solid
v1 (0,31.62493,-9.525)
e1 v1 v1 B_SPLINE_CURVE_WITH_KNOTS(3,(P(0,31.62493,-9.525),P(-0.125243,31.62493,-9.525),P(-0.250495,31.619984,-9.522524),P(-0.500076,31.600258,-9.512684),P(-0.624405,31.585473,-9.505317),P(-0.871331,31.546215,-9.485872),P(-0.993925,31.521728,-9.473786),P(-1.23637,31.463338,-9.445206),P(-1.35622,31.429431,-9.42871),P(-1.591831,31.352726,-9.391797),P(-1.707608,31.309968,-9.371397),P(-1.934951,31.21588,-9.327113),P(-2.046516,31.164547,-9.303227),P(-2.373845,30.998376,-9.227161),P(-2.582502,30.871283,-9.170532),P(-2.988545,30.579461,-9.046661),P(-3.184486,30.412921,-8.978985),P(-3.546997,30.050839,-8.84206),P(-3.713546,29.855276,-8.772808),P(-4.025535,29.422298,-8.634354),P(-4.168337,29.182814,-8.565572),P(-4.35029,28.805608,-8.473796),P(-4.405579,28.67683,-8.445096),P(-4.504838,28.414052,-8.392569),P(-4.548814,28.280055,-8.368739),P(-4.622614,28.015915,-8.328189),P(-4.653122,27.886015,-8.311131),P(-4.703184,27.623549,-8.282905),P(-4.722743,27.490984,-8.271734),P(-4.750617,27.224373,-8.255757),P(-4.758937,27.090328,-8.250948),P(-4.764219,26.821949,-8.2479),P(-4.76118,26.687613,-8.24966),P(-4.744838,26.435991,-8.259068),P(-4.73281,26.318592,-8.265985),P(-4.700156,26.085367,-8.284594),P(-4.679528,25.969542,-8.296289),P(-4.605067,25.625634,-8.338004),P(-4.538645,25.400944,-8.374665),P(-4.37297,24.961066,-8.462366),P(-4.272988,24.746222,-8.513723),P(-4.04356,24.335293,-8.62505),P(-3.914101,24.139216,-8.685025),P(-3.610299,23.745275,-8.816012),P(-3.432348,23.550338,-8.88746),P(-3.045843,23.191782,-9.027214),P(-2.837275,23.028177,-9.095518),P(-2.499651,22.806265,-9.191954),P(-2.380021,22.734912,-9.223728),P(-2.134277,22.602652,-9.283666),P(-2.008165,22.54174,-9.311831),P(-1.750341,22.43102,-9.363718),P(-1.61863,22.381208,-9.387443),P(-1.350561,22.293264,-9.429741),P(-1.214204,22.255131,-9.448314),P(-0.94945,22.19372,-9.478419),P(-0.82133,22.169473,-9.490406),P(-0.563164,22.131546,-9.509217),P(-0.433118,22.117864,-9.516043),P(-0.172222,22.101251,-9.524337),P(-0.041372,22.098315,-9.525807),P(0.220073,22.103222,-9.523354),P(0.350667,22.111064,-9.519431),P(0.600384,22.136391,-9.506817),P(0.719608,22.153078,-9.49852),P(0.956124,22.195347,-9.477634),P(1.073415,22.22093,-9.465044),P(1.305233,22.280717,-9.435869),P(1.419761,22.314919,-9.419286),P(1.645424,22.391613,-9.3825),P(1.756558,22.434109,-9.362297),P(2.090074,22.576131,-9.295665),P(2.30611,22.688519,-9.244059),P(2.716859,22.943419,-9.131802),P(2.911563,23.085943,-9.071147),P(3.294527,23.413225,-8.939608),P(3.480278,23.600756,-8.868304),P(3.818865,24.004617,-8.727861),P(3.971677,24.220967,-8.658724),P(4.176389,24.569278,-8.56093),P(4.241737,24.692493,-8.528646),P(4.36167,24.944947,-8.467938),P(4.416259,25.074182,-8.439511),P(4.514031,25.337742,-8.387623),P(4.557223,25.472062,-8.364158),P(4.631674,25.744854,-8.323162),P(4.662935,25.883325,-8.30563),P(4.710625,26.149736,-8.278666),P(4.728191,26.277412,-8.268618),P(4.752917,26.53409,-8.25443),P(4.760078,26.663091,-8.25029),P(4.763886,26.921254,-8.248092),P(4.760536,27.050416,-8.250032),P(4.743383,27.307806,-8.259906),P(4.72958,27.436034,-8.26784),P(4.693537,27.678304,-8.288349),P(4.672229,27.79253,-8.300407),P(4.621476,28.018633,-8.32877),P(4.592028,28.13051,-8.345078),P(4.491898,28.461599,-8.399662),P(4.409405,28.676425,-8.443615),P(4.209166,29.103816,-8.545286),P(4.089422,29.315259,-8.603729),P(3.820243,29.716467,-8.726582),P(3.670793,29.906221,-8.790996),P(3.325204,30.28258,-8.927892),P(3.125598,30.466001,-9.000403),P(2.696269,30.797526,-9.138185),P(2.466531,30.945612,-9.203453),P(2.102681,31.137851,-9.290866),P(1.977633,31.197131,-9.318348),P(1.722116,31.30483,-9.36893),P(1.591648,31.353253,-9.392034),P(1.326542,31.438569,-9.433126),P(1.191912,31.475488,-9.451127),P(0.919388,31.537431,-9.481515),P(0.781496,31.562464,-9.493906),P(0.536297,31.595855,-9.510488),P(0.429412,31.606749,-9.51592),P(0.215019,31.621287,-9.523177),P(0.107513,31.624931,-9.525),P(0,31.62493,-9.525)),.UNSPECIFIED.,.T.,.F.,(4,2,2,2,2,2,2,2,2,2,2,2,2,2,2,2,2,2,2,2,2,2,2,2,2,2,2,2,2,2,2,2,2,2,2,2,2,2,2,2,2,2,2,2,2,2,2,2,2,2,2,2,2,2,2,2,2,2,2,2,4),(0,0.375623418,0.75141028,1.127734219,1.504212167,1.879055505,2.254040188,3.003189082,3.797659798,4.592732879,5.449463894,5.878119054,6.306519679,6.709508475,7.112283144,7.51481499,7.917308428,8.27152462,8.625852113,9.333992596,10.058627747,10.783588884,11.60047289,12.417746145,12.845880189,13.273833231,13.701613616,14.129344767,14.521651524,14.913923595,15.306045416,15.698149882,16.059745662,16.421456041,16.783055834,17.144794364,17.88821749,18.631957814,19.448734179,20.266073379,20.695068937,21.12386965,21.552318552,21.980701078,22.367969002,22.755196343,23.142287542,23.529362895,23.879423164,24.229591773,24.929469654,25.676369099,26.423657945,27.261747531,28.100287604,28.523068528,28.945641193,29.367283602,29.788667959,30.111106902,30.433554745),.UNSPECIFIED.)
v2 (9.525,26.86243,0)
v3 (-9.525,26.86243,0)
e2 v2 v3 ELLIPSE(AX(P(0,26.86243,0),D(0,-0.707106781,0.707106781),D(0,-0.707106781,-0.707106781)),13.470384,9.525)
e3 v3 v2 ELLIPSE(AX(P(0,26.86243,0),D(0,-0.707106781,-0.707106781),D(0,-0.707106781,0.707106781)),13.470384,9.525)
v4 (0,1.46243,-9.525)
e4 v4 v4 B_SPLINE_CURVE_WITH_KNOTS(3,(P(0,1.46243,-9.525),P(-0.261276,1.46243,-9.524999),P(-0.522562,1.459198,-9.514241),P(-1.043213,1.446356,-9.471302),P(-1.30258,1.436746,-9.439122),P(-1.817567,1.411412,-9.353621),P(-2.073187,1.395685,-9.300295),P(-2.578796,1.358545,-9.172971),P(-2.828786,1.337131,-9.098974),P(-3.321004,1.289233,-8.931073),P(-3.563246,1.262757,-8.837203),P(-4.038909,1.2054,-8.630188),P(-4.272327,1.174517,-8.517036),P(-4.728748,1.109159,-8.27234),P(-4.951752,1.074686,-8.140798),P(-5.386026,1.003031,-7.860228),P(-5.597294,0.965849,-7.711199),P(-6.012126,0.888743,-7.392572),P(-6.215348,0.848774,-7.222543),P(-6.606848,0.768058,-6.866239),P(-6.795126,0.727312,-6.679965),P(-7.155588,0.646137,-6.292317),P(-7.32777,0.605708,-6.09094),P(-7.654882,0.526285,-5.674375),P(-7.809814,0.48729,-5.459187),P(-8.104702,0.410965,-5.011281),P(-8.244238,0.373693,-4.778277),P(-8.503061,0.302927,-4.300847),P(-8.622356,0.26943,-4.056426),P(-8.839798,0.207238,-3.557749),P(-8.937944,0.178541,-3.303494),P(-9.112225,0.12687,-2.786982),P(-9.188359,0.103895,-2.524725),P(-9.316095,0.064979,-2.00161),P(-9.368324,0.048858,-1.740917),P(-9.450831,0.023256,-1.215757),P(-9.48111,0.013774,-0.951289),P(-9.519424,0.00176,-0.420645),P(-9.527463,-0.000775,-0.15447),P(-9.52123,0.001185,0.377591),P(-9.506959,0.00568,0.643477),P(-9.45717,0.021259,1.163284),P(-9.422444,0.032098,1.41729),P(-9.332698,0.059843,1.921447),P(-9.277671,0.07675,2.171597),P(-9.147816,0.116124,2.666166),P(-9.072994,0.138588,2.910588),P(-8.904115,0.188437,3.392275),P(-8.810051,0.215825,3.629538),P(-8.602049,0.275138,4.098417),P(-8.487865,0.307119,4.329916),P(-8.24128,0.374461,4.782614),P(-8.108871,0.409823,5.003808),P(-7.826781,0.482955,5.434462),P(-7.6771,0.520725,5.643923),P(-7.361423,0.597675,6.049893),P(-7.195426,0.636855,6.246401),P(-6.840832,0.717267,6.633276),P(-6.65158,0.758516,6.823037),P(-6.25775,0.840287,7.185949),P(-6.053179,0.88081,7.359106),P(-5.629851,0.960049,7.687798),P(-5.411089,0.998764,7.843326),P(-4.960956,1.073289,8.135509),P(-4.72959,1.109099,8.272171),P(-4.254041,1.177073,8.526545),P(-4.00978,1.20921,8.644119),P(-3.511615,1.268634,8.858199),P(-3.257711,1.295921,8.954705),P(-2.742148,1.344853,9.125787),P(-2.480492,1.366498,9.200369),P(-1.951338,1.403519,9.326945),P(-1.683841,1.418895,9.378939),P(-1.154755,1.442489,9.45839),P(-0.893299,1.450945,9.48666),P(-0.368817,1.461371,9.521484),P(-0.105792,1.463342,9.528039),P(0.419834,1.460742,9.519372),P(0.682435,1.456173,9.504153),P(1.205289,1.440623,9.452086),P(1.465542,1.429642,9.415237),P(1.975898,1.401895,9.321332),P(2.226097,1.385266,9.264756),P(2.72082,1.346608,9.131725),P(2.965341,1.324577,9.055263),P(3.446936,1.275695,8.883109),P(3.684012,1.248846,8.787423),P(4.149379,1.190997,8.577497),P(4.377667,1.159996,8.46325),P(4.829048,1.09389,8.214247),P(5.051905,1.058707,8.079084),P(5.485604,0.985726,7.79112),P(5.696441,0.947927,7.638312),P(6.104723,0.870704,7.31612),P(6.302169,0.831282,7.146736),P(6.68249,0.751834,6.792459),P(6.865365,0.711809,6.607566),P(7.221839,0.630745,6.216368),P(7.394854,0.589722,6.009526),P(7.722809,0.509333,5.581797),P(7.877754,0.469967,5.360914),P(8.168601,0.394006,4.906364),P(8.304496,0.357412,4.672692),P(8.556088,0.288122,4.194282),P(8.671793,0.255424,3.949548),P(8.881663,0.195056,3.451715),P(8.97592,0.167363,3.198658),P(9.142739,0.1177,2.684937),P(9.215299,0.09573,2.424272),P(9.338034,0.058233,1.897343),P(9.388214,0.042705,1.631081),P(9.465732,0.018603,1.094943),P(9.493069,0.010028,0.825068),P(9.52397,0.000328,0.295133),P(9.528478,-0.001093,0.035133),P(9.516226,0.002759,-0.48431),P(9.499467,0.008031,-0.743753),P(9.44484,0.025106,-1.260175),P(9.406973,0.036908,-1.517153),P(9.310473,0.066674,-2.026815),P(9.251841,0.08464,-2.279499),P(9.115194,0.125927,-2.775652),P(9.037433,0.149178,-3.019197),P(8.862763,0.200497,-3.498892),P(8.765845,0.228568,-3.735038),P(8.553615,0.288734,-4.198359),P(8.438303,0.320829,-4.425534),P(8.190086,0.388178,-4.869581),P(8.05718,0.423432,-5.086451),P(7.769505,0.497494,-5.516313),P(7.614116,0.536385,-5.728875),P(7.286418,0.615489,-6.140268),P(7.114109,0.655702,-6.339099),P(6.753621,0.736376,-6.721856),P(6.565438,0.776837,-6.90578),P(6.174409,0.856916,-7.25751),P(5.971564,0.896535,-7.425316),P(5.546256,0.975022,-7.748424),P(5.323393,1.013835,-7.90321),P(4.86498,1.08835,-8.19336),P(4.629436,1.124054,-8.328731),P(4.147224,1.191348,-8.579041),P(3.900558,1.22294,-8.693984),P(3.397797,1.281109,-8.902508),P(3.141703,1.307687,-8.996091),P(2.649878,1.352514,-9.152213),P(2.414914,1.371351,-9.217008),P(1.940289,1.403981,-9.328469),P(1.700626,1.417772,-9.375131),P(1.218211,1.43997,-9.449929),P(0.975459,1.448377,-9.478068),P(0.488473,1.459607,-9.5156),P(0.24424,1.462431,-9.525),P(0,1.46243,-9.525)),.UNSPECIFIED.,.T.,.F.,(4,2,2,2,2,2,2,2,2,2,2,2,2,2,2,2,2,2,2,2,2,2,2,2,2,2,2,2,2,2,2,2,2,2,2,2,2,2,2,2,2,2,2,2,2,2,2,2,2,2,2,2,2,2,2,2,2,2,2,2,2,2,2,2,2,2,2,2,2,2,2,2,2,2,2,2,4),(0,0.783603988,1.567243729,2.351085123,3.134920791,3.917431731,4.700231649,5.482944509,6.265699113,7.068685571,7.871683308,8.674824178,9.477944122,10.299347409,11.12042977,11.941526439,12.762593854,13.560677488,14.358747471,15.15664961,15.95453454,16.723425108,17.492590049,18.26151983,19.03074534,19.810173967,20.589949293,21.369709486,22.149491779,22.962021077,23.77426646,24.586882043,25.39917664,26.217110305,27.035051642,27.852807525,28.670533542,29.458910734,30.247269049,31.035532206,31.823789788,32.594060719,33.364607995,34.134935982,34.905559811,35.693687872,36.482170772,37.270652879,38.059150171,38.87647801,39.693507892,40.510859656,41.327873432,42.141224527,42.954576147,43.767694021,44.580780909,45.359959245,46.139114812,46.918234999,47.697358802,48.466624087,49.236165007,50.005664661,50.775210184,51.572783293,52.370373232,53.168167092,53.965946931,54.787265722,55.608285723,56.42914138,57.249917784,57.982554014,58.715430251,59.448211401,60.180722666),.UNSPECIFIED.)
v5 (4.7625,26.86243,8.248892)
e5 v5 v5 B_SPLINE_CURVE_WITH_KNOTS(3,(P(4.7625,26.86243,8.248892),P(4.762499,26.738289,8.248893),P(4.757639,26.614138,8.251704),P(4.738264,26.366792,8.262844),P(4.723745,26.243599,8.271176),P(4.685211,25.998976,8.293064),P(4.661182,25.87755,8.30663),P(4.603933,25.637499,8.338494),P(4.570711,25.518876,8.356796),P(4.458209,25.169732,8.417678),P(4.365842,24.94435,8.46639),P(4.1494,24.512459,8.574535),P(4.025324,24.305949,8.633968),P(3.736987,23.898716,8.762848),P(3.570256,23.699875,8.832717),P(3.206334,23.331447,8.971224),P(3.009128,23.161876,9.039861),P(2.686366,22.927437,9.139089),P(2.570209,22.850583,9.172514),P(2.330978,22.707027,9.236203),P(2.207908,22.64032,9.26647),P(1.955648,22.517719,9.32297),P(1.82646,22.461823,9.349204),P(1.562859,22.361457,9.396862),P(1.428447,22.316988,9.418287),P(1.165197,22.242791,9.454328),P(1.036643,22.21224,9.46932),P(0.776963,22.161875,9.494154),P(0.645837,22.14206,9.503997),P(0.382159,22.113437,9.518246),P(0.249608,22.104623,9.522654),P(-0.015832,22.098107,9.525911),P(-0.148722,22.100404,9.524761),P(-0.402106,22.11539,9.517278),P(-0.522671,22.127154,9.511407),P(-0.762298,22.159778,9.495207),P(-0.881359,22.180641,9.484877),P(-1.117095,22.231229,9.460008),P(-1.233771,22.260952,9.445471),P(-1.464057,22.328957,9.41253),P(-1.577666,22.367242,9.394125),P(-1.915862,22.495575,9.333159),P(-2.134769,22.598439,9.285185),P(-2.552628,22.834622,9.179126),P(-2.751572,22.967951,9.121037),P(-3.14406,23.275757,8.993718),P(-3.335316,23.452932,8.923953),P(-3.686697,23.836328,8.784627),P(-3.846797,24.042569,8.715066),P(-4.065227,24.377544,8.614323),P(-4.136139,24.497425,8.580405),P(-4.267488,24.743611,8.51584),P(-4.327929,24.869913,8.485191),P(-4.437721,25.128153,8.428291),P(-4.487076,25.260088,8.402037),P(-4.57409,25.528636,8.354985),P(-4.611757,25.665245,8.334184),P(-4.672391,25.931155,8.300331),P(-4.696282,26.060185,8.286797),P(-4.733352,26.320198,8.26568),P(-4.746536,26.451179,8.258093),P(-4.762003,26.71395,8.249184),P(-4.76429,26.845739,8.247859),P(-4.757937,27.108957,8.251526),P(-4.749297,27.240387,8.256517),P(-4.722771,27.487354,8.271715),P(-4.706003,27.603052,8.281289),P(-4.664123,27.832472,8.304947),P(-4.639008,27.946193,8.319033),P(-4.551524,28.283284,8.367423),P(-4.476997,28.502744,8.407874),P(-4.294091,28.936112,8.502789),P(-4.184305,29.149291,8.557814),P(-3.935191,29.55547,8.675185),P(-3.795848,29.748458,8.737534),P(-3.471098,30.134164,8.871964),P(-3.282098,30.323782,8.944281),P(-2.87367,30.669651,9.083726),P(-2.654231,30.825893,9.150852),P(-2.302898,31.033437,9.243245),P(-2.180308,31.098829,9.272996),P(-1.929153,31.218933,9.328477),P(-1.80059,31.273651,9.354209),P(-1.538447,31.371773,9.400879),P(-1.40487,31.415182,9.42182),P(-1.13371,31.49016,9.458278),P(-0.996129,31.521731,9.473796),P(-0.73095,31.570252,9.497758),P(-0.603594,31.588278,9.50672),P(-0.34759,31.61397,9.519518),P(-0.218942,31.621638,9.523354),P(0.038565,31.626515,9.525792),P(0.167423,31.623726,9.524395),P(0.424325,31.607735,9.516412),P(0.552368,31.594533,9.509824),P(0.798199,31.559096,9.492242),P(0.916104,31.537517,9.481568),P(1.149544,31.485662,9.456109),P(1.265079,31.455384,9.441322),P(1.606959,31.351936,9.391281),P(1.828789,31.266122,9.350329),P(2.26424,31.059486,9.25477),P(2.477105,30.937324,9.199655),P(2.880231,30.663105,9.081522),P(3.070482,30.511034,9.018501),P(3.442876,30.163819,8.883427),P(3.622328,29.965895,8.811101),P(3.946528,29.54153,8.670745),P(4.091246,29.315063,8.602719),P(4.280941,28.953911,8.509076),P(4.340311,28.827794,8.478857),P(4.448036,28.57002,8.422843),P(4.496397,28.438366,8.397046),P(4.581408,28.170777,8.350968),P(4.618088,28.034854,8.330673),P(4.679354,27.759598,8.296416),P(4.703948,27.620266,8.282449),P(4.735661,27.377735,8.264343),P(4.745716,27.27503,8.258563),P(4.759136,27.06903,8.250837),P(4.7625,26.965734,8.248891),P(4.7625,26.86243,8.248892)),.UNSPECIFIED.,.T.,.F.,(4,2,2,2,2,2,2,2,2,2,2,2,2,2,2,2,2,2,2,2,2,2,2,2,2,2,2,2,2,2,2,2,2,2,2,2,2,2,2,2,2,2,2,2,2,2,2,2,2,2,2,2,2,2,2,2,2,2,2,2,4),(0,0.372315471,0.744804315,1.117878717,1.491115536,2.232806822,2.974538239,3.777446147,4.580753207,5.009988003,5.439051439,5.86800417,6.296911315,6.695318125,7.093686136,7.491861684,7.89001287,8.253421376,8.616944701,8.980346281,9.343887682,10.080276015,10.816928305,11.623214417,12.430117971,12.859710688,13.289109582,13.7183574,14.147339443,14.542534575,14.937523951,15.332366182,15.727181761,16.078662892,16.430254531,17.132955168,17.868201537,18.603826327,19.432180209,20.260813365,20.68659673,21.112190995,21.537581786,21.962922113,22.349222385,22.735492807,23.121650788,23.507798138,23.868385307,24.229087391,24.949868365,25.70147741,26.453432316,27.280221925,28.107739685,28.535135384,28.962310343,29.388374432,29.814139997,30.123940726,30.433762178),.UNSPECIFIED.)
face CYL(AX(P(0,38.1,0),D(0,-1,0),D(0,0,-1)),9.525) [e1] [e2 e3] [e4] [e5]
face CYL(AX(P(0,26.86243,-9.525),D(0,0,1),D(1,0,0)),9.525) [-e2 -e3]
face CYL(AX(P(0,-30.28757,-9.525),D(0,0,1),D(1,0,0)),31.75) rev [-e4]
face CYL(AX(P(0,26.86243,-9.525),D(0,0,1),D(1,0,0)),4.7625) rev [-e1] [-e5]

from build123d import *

# Parameters (mm, degrees)
SKETCH1_R               = 9.525
BOSS_EXTRUDE1_DEPTH     = 38.1
CUT_EXTRUDE1_DEPTH      = 41.411152545
CUT_EXTRUDE1_DEPTH_BACK = 41.411152545
SKETCH2_R               = 31.75
SKETCH2_R_2             = 4.7625


with BuildPart() as part:
    # Sketch1 → Boss-Extrude1 (new body)
    with BuildSketch(Plane(origin=(0, 0, 0), x_dir=(1, 0, 0), z_dir=(0, 1, 0))):
        with Locations(Location((0, 0, 0), (0, 0, 90))):
            Circle(SKETCH1_R)
    extrude(amount=BOSS_EXTRUDE1_DEPTH)

    # Sketch2 → Cut-Extrude1 (cut, two sides: drawn at the far end of the back side and taken through both)
    with BuildSketch(Plane.XY.offset(-CUT_EXTRUDE1_DEPTH_BACK)):
        with Locations((0, -30.287569645)):
            Circle(SKETCH2_R)
        with Locations((0, 26.862430355)):
            Circle(SKETCH2_R_2)
        with BuildLine():
            Line((-9.525, 26.862430355), (-9.525, 38.1))
            Line((-9.525, 38.1), (9.525, 38.1))
            Line((9.525, 38.1), (9.525, 26.862430355))
            ThreePointArc((9.525, 26.862430355), (0, 36.387430355), (-9.525, 26.862430355))
        make_face()
    extrude(amount=CUT_EXTRUDE1_DEPTH + CUT_EXTRUDE1_DEPTH_BACK, mode=Mode.SUBTRACT)


solid = part.part
